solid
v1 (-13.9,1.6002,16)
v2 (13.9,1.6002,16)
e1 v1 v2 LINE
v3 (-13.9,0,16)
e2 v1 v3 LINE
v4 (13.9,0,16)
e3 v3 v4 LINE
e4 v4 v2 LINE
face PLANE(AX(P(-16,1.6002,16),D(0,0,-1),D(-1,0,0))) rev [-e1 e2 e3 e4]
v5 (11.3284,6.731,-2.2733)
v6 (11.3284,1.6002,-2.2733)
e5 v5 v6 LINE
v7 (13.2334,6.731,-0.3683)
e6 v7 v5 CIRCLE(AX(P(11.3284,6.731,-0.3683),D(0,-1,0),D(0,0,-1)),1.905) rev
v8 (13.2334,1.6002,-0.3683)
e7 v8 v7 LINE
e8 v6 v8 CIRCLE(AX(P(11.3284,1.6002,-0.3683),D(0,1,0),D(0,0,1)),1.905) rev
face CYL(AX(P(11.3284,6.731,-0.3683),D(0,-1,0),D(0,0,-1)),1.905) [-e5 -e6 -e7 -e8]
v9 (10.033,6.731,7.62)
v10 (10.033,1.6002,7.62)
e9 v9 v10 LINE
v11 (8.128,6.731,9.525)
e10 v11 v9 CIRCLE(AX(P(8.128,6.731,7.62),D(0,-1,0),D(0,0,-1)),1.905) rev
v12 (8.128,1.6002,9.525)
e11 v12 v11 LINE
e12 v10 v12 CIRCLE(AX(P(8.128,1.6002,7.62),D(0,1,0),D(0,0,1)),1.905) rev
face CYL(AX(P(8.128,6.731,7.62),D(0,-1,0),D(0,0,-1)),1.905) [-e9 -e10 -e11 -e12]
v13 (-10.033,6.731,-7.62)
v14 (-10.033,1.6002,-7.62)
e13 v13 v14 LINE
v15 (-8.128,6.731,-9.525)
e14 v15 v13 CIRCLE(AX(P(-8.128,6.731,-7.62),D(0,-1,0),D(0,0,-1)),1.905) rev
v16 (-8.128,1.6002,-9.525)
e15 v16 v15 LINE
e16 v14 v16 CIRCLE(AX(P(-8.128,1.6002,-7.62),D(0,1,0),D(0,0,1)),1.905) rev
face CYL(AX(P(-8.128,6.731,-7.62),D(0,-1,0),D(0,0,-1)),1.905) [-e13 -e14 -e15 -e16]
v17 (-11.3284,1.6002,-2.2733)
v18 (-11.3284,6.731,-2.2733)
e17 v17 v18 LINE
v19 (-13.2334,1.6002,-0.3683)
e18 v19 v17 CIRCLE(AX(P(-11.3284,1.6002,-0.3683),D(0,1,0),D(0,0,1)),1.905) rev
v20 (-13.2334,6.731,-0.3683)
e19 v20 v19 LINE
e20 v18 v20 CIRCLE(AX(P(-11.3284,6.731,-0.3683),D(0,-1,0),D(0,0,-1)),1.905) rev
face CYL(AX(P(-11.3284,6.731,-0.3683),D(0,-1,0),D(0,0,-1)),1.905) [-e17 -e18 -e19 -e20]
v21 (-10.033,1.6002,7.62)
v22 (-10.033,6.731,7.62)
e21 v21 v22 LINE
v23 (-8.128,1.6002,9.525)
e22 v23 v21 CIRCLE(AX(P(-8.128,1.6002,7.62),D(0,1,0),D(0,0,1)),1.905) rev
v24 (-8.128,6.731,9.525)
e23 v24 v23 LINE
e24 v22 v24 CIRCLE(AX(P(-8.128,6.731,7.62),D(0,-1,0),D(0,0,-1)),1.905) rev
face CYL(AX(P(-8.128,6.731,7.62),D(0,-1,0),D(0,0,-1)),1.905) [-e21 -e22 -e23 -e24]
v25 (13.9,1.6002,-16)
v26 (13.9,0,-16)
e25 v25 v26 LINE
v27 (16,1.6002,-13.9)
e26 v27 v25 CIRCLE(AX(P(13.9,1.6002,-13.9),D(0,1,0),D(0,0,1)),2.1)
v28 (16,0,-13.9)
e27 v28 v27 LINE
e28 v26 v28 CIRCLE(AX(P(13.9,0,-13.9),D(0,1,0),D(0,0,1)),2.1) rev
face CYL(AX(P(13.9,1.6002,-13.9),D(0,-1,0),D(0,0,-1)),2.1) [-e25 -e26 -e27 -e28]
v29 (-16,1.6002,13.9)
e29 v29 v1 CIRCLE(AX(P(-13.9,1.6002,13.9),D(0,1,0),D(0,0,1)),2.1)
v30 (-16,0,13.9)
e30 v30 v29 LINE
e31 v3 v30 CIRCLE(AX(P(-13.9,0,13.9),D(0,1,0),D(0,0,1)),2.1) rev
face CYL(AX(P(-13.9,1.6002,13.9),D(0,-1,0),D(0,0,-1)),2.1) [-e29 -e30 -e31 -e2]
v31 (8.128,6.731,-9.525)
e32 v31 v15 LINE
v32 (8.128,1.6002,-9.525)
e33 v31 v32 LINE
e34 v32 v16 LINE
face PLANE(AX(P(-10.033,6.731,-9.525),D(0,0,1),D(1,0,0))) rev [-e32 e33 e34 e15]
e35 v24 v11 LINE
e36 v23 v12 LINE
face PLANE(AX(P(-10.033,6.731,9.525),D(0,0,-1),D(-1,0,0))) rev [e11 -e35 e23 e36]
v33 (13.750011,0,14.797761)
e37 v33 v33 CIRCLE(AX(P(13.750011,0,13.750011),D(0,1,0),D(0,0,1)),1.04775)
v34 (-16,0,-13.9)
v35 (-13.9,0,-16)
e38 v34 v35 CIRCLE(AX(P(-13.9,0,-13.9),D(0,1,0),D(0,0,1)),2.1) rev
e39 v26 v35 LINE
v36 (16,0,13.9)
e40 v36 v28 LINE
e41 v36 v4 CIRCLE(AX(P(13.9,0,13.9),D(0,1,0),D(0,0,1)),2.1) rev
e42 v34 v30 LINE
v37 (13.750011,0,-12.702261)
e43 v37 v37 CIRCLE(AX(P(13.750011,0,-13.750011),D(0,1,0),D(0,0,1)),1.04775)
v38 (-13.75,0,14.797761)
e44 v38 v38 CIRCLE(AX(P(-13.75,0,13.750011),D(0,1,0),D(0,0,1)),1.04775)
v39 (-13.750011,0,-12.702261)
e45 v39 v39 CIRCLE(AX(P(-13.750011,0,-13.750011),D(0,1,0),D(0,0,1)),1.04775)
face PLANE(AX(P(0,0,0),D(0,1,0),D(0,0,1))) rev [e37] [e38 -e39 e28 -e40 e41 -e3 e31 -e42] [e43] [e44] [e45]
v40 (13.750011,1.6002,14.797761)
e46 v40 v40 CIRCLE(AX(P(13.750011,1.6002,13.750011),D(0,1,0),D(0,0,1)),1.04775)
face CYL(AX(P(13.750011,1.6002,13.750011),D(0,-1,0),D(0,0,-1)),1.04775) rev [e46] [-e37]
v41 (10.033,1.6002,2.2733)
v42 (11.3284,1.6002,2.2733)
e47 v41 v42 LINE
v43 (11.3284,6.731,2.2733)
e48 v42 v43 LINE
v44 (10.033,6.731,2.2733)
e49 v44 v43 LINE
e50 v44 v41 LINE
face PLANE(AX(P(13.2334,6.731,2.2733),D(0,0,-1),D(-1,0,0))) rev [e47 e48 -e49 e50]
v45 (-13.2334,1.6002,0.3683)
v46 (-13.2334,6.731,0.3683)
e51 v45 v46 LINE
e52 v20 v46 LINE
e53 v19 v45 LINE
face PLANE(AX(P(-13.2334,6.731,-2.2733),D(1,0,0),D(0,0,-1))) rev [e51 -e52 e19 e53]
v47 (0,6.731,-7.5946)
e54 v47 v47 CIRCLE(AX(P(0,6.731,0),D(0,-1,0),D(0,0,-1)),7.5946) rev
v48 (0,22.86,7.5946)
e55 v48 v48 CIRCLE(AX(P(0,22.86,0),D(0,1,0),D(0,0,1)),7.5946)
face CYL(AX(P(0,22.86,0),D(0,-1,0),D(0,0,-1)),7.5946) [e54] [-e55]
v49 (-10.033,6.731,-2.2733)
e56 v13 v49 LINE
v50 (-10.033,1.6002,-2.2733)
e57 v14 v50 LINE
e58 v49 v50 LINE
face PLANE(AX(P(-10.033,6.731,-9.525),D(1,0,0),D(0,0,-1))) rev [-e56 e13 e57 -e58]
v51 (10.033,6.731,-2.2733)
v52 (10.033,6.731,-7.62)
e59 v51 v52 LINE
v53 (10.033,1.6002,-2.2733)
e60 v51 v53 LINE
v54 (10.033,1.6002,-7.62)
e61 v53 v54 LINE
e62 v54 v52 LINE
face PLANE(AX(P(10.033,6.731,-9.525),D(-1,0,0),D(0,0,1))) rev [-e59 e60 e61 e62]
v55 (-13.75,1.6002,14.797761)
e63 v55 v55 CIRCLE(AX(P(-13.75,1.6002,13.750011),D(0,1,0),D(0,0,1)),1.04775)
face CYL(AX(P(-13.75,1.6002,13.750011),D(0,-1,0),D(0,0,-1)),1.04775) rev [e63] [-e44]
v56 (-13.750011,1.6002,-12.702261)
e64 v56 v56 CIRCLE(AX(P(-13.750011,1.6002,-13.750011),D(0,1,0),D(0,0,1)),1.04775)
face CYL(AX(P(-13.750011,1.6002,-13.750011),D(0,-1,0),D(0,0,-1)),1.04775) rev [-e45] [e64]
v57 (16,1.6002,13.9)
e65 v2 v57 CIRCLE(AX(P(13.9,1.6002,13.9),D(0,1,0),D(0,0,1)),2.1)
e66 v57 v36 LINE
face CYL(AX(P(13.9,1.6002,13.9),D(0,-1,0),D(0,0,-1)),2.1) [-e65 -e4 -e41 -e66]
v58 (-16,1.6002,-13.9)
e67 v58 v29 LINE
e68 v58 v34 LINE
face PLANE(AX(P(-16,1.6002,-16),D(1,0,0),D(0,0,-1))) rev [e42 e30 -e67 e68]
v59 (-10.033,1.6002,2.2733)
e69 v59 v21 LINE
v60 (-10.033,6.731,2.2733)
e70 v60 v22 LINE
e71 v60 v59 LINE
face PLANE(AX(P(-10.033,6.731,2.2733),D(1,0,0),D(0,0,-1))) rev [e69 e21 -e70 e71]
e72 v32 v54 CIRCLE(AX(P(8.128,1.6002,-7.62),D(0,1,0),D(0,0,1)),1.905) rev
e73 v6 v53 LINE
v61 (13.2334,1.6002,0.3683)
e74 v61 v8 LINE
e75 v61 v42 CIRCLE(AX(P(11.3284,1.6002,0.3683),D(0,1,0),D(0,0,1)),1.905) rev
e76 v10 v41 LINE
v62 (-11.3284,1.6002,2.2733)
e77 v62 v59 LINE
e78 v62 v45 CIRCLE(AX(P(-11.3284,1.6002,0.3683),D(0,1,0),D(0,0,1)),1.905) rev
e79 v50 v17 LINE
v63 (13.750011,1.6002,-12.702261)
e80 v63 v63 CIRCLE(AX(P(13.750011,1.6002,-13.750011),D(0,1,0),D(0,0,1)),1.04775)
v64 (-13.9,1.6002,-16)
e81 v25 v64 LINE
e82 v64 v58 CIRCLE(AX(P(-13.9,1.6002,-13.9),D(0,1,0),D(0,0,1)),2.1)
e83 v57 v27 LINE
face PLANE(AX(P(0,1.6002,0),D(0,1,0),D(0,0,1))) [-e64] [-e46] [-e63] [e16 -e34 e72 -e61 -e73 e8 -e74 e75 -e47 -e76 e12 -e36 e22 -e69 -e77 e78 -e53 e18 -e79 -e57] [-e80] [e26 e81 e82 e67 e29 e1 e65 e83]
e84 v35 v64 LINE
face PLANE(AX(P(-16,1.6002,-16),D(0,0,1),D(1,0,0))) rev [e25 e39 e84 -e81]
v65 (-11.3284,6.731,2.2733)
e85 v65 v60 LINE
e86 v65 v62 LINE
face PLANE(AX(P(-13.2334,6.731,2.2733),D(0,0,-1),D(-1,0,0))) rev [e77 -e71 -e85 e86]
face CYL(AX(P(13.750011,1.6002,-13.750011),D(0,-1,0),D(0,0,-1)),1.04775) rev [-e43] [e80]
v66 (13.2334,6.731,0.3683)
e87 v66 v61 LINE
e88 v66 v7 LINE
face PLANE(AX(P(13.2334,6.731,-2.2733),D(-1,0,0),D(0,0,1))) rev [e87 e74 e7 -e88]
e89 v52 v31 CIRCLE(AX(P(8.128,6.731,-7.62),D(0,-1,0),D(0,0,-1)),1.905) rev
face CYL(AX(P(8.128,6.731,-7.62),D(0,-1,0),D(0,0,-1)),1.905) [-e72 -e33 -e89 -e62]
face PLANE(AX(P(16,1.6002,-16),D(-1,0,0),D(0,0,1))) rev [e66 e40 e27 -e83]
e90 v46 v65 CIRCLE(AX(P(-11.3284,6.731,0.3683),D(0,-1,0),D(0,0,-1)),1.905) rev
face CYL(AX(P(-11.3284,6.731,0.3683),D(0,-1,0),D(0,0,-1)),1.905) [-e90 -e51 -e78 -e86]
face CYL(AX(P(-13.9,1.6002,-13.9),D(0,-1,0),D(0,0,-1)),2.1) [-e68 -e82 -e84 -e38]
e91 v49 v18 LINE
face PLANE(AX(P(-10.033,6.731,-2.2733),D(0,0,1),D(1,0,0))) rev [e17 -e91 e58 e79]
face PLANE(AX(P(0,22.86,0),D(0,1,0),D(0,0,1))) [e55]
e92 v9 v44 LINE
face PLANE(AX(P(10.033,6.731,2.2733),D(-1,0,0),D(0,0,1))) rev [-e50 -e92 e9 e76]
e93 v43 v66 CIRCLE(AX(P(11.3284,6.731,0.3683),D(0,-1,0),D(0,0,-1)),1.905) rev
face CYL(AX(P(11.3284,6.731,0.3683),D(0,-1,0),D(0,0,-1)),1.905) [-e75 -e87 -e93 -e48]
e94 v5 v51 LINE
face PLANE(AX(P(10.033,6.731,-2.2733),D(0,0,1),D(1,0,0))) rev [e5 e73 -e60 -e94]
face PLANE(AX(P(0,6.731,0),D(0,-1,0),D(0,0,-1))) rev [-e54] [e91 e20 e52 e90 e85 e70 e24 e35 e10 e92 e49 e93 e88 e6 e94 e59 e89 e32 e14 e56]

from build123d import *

# Parameters (mm, degrees)
SKETCH1_W           = 32
SKETCH1_H           = 32
SKETCH1_R           = 1.04775
BOSS_EXTRUDE1_DEPTH = 1.6002
BOSS_EXTRUDE2_DEPTH = 5.1308
FILLET1_R           = 2.1
FILLET2_R           = 1.905
SKETCH3_R           = 7.5946
BOSS_EXTRUDE3_DEPTH = 16.129


with BuildPart() as part:
    # Sketch1 → Boss-Extrude1 (new body)
    with BuildSketch(Plane(origin=(0, 0, 0), x_dir=(1, 0, 0), z_dir=(0, 1, 0))):
        Rectangle(SKETCH1_W, SKETCH1_H)
        with Locations(Location((13.7500106, 13.7500106, 0), (0, 0, 270))):
            Circle(SKETCH1_R, mode=Mode.SUBTRACT)
        with Locations(Location((-13.7500106, 13.7500106, 0), (0, 0, 270))):
            Circle(SKETCH1_R, mode=Mode.SUBTRACT)
        with Locations(Location((-13.75, -13.7500106, 0), (0, 0, 270))):
            Circle(SKETCH1_R, mode=Mode.SUBTRACT)
        with Locations(Location((13.7500106, -13.7500106, 0), (0, 0, 270))):
            Circle(SKETCH1_R, mode=Mode.SUBTRACT)
    extrude(amount=BOSS_EXTRUDE1_DEPTH)

    # Sketch2 → Boss-Extrude2 (add)
    with BuildSketch(Plane(origin=(0, 1.6002, 0), x_dir=(1, 0, 0), z_dir=(0, 1, 0))):
        Polygon((-10.033, 9.525), (10.033, 9.525), (10.033, 2.2733), (13.2334, 2.2733), (13.2334, -2.2733), (10.033, -2.2733), (10.033, -9.525), (-10.033, -9.525), (-10.033, -2.2733), (-13.2334, -2.2733), (-13.2334, 2.2733), (-10.033, 2.2733), align=None)
    extrude(amount=BOSS_EXTRUDE2_DEPTH)

    # Fillet1
    fillet1_edges = [part.edges().sort_by_distance(p)[0] for p in [
        (-16, 0.8001, -16),
        (16, 0.8001, -16),
        (16, 0.8001, 16),
        (-16, 0.8001, 16),
    ]]
    fillet(fillet1_edges, radius=FILLET1_R)

    # Fillet2
    fillet2_edges = [part.edges().sort_by_distance(p)[0] for p in [
        (-10.033, 4.1656, -9.525),
        (-13.2334, 4.1656, -2.2733),
        (-13.2334, 4.1656, 2.2733),
        (-10.033, 4.1656, 9.525),
        (10.033, 4.1656, 9.525),
        (13.2334, 4.1656, 2.2733),
        (13.2334, 4.1656, -2.2733),
        (10.033, 4.1656, -9.525),
    ]]
    fillet(fillet2_edges, radius=FILLET2_R)

    # Sketch3 → Boss-Extrude3 (add)
    with BuildSketch(Plane(origin=(0, 6.731, 0), x_dir=(1, 0, 0), z_dir=(0, 1, 0))):
        with Locations(Location((0, 0, 0), (0, 0, 90))):
            Circle(SKETCH3_R)
    extrude(amount=BOSS_EXTRUDE3_DEPTH)


solid = part.part
